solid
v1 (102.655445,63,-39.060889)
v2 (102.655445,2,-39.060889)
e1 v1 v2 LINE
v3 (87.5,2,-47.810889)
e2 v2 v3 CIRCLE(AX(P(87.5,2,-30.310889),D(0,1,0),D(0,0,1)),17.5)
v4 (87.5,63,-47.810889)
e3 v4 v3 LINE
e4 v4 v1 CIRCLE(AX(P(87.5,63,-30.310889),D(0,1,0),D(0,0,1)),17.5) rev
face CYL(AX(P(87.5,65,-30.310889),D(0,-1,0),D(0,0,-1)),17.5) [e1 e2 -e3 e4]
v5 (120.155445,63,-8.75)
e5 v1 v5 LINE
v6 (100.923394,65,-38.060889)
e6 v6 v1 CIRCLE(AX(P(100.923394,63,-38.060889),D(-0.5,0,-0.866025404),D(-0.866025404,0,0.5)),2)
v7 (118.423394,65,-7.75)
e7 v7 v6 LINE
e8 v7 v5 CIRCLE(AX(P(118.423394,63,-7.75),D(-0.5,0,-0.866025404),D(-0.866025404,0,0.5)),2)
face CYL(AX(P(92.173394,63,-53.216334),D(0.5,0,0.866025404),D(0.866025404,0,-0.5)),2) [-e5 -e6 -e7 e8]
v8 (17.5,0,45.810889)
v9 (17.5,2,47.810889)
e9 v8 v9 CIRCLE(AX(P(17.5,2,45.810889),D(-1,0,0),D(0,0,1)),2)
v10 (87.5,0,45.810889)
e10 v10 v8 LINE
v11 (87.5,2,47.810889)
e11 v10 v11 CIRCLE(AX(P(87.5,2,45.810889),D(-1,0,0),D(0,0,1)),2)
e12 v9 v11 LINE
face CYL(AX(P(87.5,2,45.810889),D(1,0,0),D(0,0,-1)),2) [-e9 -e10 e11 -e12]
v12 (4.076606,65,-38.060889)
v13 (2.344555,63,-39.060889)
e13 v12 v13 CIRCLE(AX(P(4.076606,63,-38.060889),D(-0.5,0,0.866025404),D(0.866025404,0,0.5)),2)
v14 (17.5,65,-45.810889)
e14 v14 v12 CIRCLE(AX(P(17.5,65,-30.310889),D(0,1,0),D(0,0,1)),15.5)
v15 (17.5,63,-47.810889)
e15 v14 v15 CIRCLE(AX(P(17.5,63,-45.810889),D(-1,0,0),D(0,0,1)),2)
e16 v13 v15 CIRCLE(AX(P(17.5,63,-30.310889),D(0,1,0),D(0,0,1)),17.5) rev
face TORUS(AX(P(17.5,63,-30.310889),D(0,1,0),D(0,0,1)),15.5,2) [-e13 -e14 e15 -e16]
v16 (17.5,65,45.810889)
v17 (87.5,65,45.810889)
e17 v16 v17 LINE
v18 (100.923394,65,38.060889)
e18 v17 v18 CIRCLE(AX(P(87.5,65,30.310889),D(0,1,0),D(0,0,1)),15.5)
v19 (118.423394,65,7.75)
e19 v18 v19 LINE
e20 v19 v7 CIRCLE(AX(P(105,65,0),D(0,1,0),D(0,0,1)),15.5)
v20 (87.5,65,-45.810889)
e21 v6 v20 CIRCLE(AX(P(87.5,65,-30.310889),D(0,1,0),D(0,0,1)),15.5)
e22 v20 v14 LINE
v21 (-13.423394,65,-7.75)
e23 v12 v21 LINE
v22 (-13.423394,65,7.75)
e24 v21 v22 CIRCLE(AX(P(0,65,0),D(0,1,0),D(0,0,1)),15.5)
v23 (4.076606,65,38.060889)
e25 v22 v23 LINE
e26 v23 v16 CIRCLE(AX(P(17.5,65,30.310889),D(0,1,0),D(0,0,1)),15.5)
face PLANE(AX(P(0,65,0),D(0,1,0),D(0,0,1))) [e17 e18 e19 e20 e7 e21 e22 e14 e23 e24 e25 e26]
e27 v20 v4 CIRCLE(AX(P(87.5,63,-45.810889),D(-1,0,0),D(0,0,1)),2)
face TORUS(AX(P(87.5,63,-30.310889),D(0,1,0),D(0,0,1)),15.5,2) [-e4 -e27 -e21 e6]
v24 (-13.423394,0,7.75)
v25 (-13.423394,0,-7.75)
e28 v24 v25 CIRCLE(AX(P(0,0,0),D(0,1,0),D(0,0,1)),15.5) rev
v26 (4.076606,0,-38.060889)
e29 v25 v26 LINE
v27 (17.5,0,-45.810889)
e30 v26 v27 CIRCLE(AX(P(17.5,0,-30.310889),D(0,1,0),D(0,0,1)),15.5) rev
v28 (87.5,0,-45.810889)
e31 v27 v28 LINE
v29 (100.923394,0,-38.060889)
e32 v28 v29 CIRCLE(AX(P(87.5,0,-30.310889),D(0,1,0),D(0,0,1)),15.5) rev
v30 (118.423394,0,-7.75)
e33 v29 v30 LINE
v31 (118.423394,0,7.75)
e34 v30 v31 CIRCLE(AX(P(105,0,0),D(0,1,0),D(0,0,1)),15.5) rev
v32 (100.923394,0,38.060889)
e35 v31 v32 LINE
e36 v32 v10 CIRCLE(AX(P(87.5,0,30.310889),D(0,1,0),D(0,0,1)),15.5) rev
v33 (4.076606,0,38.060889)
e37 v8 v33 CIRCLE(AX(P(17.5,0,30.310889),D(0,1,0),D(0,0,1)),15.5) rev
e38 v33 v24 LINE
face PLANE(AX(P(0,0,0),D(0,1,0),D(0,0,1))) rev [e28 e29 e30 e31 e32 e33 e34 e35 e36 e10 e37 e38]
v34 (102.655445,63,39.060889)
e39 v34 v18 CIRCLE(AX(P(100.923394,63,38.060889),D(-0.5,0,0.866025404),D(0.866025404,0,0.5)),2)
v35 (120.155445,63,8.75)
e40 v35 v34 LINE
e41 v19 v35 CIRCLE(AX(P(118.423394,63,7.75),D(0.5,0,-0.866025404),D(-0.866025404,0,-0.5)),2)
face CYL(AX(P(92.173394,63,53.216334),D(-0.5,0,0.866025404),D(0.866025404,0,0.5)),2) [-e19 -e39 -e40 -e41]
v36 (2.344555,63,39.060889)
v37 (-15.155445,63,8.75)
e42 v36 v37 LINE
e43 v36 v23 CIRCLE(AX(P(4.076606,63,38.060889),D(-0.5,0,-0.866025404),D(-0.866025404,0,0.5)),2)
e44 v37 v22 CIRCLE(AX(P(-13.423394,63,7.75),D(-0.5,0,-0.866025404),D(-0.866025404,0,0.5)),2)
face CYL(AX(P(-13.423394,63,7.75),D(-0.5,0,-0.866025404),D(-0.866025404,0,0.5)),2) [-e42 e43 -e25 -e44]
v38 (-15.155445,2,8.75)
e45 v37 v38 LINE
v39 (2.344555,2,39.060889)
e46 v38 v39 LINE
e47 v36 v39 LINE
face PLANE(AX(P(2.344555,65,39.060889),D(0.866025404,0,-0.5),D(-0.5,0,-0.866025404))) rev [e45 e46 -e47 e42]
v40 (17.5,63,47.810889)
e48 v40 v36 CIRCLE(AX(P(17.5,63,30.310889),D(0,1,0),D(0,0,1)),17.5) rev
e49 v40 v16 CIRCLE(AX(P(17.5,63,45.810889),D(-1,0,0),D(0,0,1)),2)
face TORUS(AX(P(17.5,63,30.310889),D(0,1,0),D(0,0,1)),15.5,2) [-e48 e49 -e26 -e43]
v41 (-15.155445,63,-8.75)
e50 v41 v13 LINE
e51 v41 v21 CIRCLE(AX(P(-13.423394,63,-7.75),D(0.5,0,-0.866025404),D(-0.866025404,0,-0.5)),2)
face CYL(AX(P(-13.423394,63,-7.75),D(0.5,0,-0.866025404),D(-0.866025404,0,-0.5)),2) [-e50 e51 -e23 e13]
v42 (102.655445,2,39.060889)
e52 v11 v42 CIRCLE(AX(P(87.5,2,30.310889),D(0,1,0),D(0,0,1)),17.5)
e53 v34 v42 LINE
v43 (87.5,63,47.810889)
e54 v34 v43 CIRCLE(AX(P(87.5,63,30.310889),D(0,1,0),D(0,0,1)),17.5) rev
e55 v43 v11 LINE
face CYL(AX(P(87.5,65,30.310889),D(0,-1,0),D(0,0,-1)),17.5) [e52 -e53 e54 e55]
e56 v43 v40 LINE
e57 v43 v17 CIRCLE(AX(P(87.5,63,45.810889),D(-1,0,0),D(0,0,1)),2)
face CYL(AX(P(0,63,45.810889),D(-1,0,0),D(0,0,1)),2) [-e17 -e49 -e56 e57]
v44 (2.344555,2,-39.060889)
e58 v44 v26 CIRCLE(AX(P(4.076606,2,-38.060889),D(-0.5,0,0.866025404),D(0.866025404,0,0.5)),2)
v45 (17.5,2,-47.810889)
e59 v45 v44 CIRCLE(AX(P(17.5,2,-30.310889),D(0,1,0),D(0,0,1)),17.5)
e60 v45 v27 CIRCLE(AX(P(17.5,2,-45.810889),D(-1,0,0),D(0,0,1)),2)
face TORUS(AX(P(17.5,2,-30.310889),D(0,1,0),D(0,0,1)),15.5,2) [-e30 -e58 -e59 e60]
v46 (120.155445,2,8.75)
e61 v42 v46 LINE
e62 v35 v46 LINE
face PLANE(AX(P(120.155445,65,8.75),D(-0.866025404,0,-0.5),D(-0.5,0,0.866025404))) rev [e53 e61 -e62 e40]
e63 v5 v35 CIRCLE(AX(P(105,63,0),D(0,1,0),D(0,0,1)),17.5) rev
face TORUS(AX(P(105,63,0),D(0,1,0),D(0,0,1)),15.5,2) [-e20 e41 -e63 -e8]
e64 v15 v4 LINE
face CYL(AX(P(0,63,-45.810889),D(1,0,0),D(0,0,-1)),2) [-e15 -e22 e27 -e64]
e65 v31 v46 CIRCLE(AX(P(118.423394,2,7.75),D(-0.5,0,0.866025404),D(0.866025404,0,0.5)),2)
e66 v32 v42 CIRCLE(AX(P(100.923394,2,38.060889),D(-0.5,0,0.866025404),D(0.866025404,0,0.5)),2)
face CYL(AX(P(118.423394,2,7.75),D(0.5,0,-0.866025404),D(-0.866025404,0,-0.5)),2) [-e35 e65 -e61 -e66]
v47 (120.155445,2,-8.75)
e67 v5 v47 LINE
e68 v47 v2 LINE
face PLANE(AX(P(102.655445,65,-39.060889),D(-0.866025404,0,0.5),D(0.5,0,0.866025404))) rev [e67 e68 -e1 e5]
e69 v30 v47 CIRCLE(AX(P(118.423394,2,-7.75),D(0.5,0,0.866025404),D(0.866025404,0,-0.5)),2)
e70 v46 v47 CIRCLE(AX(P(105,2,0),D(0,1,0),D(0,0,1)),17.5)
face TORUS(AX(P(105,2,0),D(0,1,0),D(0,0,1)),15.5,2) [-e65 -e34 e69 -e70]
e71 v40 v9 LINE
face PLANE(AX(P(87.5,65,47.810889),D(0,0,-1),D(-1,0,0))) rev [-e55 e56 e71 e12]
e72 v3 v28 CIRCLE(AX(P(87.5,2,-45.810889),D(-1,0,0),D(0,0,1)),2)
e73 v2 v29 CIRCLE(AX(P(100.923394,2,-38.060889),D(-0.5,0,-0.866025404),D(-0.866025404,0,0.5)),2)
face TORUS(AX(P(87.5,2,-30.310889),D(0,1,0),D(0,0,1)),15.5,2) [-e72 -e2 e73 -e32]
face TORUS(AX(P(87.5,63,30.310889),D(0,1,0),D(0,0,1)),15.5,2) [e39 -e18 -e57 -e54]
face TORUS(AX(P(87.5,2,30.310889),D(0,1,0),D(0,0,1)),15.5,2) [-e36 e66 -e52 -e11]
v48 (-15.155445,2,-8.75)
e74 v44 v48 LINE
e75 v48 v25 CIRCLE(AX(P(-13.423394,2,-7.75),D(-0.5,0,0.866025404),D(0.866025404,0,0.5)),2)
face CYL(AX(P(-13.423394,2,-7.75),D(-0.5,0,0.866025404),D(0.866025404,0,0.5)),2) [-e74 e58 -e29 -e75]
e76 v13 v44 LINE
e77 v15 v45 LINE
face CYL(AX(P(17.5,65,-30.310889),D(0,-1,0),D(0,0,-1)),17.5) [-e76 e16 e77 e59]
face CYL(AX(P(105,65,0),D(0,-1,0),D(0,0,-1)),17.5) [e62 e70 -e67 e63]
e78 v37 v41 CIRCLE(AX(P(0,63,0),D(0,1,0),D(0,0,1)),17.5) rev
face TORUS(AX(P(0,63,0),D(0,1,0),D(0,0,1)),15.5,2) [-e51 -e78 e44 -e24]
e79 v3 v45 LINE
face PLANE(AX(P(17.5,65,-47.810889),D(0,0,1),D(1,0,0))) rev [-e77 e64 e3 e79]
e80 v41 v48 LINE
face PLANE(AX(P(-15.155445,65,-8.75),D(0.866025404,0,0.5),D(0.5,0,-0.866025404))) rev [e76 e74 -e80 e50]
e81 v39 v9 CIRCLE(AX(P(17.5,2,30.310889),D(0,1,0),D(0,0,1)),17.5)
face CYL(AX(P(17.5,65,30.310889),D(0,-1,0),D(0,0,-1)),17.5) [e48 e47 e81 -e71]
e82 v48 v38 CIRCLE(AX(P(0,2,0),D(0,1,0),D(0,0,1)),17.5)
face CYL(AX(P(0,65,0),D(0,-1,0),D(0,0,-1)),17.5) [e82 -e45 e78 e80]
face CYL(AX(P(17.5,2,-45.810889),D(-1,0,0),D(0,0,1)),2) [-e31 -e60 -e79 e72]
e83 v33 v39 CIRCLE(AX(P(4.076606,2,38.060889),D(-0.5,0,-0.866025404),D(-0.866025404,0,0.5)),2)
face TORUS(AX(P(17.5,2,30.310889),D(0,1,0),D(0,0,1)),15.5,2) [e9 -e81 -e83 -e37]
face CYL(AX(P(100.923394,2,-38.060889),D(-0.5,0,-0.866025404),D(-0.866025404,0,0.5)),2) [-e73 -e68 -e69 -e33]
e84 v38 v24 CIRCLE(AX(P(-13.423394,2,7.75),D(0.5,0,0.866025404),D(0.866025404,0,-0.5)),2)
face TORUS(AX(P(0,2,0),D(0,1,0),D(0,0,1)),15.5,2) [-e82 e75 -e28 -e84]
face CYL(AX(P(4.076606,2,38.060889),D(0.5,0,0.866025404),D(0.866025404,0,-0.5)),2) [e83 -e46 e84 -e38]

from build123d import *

# Parameters (mm, degrees)
EXTRUDE1_DEPTH = 65
FILLET1_R      = 2


with BuildPart() as part:
    # Sketch1 → Extrude1 (new body)
    with BuildSketch(Plane(origin=(0, 0, 0), x_dir=(1, 0, 0), z_dir=(0, 1, 0))):
        with BuildLine():
            Line((-15.155444566, 8.75), (2.344555434, 39.060889132))
            ThreePointArc((2.344555434, 39.060889132), (8.75, 45.466333699), (17.5, 47.810889132))
            Line((17.5, 47.810889132), (87.5, 47.810889132))
            ThreePointArc((87.5, 47.810889132), (96.25, 45.466333699), (102.655444566, 39.060889132))
            Line((102.655444566, 39.060889132), (120.155444566, 8.75))
            ThreePointArc((120.155444566, 8.75), (122.5, 0), (120.155444566, -8.75))
            Line((120.155444566, -8.75), (102.655444566, -39.060889132))
            ThreePointArc((102.655444566, -39.060889132), (96.25, -45.466333699), (87.5, -47.810889132))
            Line((87.5, -47.810889132), (17.5, -47.810889132))
            ThreePointArc((17.5, -47.810889132), (8.75, -45.466333699), (2.344555434, -39.060889132))
            Line((2.344555434, -39.060889132), (-15.155444566, -8.75))
            ThreePointArc((-15.155444566, -8.75), (-17.5, 0), (-15.155444566, 8.75))
        make_face()
    extrude(amount=EXTRUDE1_DEPTH)

    # Fillet1
    fillet1_edges = [part.edges().sort_by_distance(p)[0] for p in [
        (8.75, 65, 45.466333699),
        (-6.405444566, 0, -23.905444566),
        (8.75, 0, -45.466333699),
        (52.5, 0, -47.810889132),
        (96.25, 0, -45.466333699),
        (111.405444566, 0, -23.905444566),
        (122.5, 0, 0),
        (52.5, 65, 47.810889132),
        (111.405444566, 0, 23.905444566),
        (96.25, 0, 45.466333699),
        (52.5, 0, 47.810889132),
        (8.75, 0, 45.466333699),
        (-6.405444566, 0, 23.905444566),
        (-17.5, 0, 0),
        (96.25, 65, 45.466333699),
        (111.405444566, 65, 23.905444566),
        (122.5, 65, 0),
        (111.405444566, 65, -23.905444566),
        (96.25, 65, -45.466333699),
        (52.5, 65, -47.810889132),
        (8.75, 65, -45.466333699),
        (-6.405444566, 65, -23.905444566),
        (-17.5, 65, 0),
        (-6.405444566, 65, 23.905444566),
    ]]
    fillet(fillet1_edges, radius=FILLET1_R)


solid = part.part
